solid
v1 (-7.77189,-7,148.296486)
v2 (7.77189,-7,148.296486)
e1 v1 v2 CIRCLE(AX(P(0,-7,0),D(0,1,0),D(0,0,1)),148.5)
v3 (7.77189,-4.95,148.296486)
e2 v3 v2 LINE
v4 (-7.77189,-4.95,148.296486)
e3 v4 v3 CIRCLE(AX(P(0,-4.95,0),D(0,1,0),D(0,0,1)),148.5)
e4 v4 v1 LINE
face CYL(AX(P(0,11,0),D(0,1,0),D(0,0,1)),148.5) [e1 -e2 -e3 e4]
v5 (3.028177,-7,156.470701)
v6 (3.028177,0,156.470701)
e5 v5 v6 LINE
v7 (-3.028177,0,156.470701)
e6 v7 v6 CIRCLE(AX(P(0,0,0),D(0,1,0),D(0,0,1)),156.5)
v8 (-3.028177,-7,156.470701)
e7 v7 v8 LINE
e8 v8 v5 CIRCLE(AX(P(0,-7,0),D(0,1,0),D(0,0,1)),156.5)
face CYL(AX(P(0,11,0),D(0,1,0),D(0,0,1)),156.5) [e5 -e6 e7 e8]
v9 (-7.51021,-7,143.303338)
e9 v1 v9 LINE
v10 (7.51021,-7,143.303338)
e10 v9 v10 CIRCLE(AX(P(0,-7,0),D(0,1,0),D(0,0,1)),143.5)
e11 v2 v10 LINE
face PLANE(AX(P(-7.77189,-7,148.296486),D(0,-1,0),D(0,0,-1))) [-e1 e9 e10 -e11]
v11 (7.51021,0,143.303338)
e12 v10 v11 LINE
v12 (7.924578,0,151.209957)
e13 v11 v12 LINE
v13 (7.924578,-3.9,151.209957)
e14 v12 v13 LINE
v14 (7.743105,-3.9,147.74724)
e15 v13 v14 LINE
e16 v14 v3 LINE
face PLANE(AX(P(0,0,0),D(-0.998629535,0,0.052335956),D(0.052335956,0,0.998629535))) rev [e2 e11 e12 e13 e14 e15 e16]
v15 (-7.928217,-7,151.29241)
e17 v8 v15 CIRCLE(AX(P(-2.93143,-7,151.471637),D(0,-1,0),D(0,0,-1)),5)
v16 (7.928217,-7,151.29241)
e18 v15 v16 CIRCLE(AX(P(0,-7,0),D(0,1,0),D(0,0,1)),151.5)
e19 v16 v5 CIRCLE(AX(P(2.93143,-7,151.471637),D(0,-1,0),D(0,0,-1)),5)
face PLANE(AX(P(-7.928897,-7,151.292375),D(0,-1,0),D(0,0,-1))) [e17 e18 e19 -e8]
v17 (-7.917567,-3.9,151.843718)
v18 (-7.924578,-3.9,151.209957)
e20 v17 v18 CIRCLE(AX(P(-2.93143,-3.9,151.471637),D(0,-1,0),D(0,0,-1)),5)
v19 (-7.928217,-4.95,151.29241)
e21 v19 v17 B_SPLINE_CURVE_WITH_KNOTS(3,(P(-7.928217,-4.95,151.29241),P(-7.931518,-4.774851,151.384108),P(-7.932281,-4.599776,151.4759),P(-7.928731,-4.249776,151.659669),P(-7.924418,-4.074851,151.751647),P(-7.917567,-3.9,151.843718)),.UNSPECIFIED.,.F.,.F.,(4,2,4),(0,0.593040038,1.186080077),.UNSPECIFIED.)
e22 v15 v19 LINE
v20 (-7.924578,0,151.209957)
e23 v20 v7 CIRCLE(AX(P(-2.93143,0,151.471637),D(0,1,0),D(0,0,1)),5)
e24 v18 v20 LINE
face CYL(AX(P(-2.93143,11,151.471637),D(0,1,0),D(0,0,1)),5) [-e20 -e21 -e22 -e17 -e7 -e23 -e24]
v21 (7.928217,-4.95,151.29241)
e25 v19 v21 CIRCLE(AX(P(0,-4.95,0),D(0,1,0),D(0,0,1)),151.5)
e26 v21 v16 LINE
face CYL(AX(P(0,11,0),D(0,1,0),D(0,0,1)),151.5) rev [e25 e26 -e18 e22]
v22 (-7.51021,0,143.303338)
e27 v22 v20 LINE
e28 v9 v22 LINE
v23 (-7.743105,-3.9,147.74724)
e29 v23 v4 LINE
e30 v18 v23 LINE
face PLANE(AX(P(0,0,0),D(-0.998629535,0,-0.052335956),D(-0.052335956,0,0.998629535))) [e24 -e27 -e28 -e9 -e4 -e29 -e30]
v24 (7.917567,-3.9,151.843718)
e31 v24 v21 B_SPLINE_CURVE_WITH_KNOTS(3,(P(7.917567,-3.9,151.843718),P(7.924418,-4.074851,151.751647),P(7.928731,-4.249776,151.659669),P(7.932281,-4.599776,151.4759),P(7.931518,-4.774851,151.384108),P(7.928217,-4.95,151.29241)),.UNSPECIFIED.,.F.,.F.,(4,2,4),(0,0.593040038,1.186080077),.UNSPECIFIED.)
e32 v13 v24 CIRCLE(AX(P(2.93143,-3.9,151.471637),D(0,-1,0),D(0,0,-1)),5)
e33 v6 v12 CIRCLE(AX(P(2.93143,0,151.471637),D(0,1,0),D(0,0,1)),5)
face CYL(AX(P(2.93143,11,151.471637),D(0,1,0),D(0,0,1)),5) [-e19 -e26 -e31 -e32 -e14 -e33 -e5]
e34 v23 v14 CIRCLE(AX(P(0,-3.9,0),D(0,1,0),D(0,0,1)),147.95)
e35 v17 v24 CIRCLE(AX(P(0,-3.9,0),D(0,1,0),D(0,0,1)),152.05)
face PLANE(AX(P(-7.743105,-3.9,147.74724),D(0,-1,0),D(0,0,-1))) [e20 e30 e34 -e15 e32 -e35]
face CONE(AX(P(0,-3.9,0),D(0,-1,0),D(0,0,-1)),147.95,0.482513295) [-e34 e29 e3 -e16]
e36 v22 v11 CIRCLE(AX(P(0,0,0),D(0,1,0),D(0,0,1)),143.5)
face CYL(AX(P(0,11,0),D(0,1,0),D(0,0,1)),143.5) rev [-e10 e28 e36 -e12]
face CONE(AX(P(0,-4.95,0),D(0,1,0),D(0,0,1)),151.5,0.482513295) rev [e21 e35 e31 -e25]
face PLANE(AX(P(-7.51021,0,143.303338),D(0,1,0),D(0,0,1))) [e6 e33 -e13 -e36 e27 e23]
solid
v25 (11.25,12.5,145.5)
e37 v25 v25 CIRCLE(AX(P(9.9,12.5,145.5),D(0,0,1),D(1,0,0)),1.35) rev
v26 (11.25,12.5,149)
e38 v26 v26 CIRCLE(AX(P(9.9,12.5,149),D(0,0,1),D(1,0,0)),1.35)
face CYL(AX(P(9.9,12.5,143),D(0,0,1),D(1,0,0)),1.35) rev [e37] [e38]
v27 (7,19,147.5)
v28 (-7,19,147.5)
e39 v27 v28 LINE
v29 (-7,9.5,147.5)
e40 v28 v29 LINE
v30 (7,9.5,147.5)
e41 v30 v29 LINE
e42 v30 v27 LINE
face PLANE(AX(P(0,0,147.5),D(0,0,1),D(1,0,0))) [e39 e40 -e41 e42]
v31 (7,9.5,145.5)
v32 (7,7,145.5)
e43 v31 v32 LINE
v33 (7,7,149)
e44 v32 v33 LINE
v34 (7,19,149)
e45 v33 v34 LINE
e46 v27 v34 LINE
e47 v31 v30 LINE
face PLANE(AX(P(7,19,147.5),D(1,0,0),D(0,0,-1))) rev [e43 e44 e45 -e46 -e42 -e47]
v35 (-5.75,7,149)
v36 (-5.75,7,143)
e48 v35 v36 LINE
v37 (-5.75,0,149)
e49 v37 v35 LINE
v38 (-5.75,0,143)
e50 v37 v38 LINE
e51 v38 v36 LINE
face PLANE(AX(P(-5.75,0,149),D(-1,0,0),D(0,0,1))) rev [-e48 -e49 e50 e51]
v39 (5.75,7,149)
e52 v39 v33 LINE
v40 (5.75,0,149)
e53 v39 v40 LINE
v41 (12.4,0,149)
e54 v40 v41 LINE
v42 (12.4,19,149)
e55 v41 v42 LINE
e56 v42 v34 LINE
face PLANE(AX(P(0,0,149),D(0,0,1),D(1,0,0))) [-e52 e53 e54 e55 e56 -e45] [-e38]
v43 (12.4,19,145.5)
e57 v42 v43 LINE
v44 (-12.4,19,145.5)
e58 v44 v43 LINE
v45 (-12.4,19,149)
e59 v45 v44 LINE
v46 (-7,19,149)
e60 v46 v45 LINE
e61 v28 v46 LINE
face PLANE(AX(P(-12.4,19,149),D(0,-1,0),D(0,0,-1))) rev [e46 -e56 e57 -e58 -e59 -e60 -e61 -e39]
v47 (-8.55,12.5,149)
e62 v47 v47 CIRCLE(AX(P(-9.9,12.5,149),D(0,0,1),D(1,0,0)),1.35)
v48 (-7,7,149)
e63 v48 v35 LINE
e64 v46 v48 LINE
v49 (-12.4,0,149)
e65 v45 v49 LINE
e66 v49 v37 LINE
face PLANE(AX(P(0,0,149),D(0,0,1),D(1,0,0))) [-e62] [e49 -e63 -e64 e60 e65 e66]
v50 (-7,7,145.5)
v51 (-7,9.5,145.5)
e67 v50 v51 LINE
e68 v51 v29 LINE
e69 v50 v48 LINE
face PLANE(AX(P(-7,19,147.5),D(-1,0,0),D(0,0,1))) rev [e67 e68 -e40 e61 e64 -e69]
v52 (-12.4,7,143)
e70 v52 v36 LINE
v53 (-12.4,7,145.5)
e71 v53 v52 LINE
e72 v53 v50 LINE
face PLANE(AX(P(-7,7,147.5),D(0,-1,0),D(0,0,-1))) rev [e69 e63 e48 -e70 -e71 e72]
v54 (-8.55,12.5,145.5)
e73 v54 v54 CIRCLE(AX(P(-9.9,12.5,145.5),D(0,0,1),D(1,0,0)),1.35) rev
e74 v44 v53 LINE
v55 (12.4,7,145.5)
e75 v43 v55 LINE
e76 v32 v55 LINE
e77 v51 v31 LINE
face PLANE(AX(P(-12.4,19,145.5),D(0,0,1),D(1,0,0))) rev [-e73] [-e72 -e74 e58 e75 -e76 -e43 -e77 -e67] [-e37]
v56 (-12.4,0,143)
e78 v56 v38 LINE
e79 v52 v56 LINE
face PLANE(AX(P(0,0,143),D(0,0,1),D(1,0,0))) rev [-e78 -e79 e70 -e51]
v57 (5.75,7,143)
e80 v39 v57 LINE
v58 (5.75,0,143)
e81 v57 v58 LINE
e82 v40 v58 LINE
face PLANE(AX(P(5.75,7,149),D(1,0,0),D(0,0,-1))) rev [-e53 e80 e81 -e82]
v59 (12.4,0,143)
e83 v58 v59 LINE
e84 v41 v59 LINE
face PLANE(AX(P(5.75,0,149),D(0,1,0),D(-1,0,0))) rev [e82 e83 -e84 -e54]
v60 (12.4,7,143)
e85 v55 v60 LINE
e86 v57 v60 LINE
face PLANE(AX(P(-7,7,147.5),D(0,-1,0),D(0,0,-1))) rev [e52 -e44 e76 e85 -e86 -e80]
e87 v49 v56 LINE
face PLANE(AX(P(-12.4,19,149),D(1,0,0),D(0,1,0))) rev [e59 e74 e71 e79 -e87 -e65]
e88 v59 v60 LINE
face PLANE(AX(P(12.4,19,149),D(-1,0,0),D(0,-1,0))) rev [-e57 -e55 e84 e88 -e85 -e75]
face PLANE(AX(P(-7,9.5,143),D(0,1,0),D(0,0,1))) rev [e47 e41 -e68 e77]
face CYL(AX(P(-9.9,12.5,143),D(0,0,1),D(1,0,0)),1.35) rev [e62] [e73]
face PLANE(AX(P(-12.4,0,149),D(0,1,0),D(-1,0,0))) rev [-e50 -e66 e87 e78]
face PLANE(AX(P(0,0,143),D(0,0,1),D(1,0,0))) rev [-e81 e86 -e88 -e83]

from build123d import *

# Parameters (mm, degrees)
MAIN_DEPTH            = 6
SKETCH8_R             = 1.35
HOLES_DEPTH           = 7
SKETCH12_W            = 14
SKETCH12_H            = 12
COMPONENTHOLES2_DEPTH = 1.5
SKETCH17_W            = 14
SKETCH17_H            = 2.5
HOLESCABLES_DEPTH     = 5.5
SKETCH16_W            = 2.5
SKETCH16_H            = 12
FIXEXTRUSION_DEPTH    = 25.8
SUPPORT_ANGLE         = 6
FILLET1_R             = 5


with BuildPart() as part:
    # Sketch7 → Main (new body)
    with BuildSketch(Plane.XY.offset(143)):
        Polygon((-12.4, 0), (-5.75, 0), (-5.75, 7), (5.75, 7), (5.75, 0), (12.4, 0), (12.4, 19), (-12.4, 19), align=None)
    extrude(amount=MAIN_DEPTH)

    # Sketch8 → Holes (cut, through all)
    with BuildSketch(Plane.XY.offset(149)):
        with Locations((-9.9, 12.5)):
            Circle(SKETCH8_R)
        with Locations((9.9, 12.5)):
            Circle(SKETCH8_R)
    extrude(amount=-HOLES_DEPTH, mode=Mode.SUBTRACT)

    # Sketch12 → ComponentHoles2 (cut)
    with BuildSketch(Plane.XY.offset(149)):
        with Locations((0, 13)):
            Rectangle(SKETCH12_W, SKETCH12_H)
    extrude(amount=-COMPONENTHOLES2_DEPTH, mode=Mode.SUBTRACT)

    # Sketch17 → HolesCables (cut, through all)
    with BuildSketch(Plane.XY.offset(147.5)):
        with Locations((0, 8.25)):
            Rectangle(SKETCH17_W, SKETCH17_H)
    extrude(amount=-HOLESCABLES_DEPTH, mode=Mode.SUBTRACT)

    # Sketch16 → FixExtrusion (cut, through all)
    with BuildSketch(Plane(origin=(12.4, 0, 0), x_dir=(0, 0, -1), z_dir=(1, 0, 0))):
        with Locations((-144.25, 13)):
            Rectangle(SKETCH16_W, SKETCH16_H)
    extrude(amount=-FIXEXTRUSION_DEPTH, mode=Mode.SUBTRACT)


with BuildPart() as body_2:
    # Sketch10 → Support (revolve, symmetric)
    with BuildSketch(Plane(origin=(0, 0, 0), x_dir=(0, 0, -1), z_dir=(1, 0, 0))) as support_sk:
        Polygon((-147.95, -3.9), (-152.05, -3.9), (-151.5, -4.95), (-151.5, -7), (-156.5, -7), (-156.5, 0), (-143.5, 0), (-143.5, -7), (-148.5, -7), (-148.5, -4.95), align=None)
    revolve(axis=Axis((0, 11, 0), (0, -1, 0)), revolution_arc=SUPPORT_ANGLE / 2)
    revolve(support_sk.sketch, axis=Axis((0, 11, 0), (0, 1, 0)), revolution_arc=SUPPORT_ANGLE / 2)

    # Fillet1
    fillet1_edges = [body_2.edges().sort_by_distance(p)[0] for p in [
        (8.190577152, -3.5, 156.285522189),
        (-8.190577152, -3.5, 156.285522189),
    ]]
    fillet(fillet1_edges, radius=FILLET1_R)


solid = Compound([part.part, body_2.part])
